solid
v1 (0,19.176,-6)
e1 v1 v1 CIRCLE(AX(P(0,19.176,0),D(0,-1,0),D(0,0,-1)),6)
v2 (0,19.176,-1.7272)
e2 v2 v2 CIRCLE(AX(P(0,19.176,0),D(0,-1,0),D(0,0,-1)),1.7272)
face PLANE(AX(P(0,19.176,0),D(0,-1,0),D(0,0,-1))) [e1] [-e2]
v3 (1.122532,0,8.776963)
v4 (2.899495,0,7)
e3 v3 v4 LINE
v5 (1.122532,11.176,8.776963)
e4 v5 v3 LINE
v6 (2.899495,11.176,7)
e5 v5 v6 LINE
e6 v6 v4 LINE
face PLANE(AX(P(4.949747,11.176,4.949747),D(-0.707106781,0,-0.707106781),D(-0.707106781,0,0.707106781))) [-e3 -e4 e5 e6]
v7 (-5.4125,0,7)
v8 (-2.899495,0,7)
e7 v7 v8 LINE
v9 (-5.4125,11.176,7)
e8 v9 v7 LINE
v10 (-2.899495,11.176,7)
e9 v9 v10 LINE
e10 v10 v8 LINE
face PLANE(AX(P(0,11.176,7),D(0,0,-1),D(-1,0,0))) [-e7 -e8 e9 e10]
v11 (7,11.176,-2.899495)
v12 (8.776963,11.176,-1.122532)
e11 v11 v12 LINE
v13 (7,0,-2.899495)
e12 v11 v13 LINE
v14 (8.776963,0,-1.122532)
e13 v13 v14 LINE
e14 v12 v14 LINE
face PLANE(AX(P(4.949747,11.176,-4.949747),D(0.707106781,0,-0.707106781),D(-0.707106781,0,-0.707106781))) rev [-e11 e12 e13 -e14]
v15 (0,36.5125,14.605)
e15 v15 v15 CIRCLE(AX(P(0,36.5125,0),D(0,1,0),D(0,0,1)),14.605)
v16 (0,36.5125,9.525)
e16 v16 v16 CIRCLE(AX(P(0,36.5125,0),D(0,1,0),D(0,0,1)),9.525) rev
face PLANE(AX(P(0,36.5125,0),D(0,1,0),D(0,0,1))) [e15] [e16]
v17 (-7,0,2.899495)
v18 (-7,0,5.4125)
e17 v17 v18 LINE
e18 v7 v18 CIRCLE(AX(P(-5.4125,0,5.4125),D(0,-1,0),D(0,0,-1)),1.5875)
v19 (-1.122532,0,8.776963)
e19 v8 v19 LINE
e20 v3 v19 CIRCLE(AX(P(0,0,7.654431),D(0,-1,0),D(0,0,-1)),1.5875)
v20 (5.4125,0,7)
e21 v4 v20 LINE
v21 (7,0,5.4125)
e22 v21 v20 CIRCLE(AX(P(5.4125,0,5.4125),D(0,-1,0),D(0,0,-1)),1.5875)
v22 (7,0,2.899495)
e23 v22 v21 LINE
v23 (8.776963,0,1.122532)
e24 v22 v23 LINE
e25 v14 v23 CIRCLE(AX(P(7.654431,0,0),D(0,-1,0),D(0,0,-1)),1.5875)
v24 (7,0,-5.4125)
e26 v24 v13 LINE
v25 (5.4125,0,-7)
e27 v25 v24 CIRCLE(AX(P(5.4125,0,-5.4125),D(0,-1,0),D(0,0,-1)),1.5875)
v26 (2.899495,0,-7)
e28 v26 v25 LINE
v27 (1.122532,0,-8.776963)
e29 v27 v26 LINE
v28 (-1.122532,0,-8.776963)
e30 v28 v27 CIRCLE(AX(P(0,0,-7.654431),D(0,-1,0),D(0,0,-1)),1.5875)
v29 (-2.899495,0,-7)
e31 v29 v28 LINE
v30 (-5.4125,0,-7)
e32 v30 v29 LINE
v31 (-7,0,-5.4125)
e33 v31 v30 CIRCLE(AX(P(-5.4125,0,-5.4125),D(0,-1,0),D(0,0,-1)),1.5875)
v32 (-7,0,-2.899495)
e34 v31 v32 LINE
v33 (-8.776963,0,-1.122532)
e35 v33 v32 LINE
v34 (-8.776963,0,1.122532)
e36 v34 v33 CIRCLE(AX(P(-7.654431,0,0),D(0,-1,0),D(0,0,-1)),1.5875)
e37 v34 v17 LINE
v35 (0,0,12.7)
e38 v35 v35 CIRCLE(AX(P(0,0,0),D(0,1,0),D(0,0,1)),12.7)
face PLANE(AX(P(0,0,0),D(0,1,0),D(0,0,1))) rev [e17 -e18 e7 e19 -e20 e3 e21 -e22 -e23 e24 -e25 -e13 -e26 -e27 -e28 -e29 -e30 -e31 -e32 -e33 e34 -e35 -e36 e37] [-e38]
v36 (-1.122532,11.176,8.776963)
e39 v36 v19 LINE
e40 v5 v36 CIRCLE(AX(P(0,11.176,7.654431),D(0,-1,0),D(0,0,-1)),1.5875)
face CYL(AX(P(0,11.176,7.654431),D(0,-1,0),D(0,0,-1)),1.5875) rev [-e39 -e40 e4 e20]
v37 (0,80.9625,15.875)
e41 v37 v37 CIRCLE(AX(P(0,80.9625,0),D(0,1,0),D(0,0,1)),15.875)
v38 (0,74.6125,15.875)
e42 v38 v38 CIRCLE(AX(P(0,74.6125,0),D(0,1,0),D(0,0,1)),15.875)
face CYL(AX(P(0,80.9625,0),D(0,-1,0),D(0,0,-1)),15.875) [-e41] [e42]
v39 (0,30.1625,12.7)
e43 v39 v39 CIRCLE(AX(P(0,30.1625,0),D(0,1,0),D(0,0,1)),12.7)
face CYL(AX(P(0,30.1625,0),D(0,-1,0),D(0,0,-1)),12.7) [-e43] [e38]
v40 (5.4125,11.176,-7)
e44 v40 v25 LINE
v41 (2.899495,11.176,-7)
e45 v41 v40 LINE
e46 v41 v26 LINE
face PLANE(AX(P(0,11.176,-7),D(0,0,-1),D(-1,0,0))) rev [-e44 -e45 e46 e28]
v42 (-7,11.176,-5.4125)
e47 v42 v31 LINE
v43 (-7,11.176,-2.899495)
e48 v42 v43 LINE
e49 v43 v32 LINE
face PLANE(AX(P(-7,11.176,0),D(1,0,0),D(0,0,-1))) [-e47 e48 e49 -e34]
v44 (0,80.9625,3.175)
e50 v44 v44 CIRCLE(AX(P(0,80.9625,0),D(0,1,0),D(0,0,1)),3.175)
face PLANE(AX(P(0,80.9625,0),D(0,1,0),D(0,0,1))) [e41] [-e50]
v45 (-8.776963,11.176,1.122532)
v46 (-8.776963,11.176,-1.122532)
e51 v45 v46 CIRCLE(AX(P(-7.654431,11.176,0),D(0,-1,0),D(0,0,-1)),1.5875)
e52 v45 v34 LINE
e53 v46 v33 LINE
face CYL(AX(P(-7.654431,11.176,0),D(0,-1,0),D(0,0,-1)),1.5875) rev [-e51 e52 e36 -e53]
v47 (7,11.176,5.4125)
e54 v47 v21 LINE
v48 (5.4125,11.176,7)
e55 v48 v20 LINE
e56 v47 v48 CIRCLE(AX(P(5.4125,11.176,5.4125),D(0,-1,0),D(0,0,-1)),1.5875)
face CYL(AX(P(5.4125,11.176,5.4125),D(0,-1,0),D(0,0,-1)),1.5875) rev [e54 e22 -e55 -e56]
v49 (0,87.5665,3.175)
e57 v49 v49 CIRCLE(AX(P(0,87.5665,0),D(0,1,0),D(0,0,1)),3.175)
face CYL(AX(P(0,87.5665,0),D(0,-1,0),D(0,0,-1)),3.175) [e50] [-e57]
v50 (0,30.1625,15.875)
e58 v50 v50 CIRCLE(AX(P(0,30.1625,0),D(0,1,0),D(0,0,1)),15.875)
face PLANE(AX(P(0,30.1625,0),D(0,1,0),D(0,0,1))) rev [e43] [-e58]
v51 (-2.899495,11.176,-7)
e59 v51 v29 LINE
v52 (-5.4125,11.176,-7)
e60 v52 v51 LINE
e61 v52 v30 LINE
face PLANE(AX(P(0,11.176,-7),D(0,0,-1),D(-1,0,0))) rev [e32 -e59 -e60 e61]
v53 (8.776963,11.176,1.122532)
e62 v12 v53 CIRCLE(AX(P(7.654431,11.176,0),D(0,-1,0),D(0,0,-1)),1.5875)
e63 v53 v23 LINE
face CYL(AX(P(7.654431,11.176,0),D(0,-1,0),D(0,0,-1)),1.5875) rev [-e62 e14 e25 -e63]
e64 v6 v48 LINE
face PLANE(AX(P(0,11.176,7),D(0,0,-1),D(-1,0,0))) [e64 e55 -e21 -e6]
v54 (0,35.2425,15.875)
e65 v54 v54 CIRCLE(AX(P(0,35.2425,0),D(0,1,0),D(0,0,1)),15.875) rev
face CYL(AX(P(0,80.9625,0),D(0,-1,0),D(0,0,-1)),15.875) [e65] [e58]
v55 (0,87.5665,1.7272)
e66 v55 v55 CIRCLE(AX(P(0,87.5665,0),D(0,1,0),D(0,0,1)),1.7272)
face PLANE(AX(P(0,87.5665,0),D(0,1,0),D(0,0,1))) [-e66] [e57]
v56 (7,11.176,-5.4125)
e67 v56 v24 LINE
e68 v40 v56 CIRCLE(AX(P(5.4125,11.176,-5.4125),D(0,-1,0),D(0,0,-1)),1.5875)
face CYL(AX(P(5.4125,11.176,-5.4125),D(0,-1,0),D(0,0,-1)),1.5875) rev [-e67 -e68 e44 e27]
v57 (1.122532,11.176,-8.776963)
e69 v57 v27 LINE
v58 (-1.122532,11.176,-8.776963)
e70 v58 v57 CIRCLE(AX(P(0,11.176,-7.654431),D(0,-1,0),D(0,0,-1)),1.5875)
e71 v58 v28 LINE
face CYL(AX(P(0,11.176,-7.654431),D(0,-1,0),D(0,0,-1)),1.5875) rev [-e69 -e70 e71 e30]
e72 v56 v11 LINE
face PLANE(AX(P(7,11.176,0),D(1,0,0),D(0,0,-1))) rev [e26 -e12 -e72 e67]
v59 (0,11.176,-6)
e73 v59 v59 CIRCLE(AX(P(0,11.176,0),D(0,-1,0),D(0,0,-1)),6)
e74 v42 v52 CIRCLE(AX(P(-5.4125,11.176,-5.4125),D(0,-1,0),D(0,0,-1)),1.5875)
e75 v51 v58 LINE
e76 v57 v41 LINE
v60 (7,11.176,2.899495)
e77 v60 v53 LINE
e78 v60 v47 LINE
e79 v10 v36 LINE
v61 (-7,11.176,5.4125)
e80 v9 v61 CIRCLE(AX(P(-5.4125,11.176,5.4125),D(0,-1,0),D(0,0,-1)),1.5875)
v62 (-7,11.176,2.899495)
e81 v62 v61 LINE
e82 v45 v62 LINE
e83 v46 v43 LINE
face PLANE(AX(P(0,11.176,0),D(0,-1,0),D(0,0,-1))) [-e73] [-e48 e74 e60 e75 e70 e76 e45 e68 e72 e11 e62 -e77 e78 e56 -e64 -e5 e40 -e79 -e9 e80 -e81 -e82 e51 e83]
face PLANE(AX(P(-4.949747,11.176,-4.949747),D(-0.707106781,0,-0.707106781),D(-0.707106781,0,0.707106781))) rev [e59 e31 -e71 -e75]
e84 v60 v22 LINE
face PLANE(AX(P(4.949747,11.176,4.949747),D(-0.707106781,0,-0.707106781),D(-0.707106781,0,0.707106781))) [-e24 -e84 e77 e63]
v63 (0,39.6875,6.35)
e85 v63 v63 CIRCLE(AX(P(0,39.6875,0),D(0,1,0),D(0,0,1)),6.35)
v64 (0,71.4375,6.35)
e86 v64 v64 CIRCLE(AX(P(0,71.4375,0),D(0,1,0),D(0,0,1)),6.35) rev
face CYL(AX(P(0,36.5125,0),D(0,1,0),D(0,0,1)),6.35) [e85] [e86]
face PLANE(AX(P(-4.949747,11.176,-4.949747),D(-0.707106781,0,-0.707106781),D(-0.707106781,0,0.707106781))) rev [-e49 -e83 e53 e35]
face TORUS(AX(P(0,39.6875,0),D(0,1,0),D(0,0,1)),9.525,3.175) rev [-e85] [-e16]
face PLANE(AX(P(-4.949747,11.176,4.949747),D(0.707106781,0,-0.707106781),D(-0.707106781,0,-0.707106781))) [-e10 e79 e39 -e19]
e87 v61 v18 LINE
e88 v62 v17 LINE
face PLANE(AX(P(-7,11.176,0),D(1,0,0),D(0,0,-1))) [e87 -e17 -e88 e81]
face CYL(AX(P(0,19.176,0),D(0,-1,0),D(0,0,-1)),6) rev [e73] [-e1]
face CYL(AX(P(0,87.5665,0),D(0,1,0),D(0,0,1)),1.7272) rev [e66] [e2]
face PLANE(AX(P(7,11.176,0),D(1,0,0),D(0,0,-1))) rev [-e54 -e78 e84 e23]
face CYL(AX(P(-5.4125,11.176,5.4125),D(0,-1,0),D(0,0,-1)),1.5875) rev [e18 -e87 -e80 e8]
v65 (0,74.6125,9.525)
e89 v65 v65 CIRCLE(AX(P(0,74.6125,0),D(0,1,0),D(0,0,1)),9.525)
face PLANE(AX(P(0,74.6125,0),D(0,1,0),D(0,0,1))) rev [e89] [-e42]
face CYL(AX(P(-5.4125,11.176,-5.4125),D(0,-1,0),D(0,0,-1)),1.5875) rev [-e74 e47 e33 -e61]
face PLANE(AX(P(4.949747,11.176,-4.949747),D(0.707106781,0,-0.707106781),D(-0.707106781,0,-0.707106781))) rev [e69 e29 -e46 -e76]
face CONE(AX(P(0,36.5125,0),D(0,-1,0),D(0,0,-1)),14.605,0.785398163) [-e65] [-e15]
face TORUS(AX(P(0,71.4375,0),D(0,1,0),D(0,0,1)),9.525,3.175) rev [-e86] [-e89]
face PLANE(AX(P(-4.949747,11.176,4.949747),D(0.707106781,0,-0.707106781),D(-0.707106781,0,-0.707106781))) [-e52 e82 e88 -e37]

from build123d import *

# Parameters (mm, degrees)
SKETCH1_R             = 12.7
BOSS_EXTRUDE1_DEPTH   = 30.1625
SKETCH4_R             = 15.875
BOSS_EXTRUDE2_DEPTH   = 50.8
CUT_EXTRUDE1_DEPTH    = 11.176
SKETCH3_R             = 6
CUT_EXTRUDE2_DEPTH    = 8
SKETCH5_R             = 3.175
BOSS_EXTRUDE3_DEPTH   = 6.604
F_8_32_TAPPED_HOLE1_D = 3.4544
CUT_EXTRUDE3_START    = -6.35
SKETCH9_R             = 15.875
SKETCH9_R_2           = 6.35
CUT_EXTRUDE3_DEPTH    = 38.1
FILLET1_R             = 3.175
CHAMFER1_SIZE         = 1.27


with BuildPart() as part:
    # Sketch1 → Boss-Extrude1 (new body)
    with BuildSketch(Plane(origin=(0, 0, 0), x_dir=(1, 0, 0), z_dir=(0, 1, 0))):
        Circle(SKETCH1_R)
    extrude(amount=BOSS_EXTRUDE1_DEPTH)

    # Sketch4 → Boss-Extrude2 (add)
    with BuildSketch(Plane(origin=(0, 30.1625, 0), x_dir=(1, 0, 0), z_dir=(0, 1, 0))):
        Circle(SKETCH4_R)
    extrude(amount=BOSS_EXTRUDE2_DEPTH)

    # Sketch2 → Cut-Extrude1 (cut)
    with BuildSketch(Plane.XZ):
        with BuildLine():
            Line((-7, 2.899494937), (-8.776962921, 1.122532015))
            ThreePointArc((-8.776962921, 1.122532015), (-9.241930906, 0), (-8.776962921, -1.122532015))
            Line((-8.776962921, -1.122532015), (-7, -2.899494937))
            Line((-7, -2.899494937), (-7, 2.899494937))
        make_face()
        Polygon((-2.899494937, 7), (-7, 2.899494937), (-7, -2.899494937), (-2.899494937, -7), (2.899494937, -7), (7, -2.899494937), (7, 2.899494937), (2.899494937, 7), align=None)
        with BuildLine():
            Line((-7, 5.4125), (-7, 2.899494937))
            Line((-7, 2.899494937), (-2.899494937, 7))
            Line((-2.899494937, 7), (-5.4125, 7))
            ThreePointArc((-5.4125, 7), (-6.535032015, 6.535032015), (-7, 5.4125))
        make_face()
        with BuildLine():
            Line((-1.122532015, 8.776962921), (-2.899494937, 7))
            Line((-2.899494937, 7), (2.899494937, 7))
            Line((2.899494937, 7), (1.122532015, 8.776962921))
            ThreePointArc((1.122532015, 8.776962921), (0, 9.241930906), (-1.122532015, 8.776962921))
        make_face()
        with BuildLine():
            Line((5.4125, 7), (2.899494937, 7))
            Line((2.899494937, 7), (7, 2.899494937))
            Line((7, 2.899494937), (7, 5.4125))
            ThreePointArc((7, 5.4125), (6.535032015, 6.535032015), (5.4125, 7))
        make_face()
        with BuildLine():
            Line((8.776962921, 1.122532015), (7, 2.899494937))
            Line((7, 2.899494937), (7, -2.899494937))
            Line((7, -2.899494937), (8.776962921, -1.122532015))
            ThreePointArc((8.776962921, -1.122532015), (9.241930906, 0), (8.776962921, 1.122532015))
        make_face()
        with BuildLine():
            Line((7, -2.899494937), (2.899494937, -7))
            Line((2.899494937, -7), (5.4125, -7))
            ThreePointArc((5.4125, -7), (6.535032015, -6.535032015), (7, -5.4125))
            Line((7, -5.4125), (7, -2.899494937))
        make_face()
        with BuildLine():
            Line((2.899494937, -7), (-2.899494937, -7))
            Line((-2.899494937, -7), (-1.122532015, -8.776962921))
            ThreePointArc((-1.122532015, -8.776962921), (0, -9.241930906), (1.122532015, -8.776962921))
            Line((1.122532015, -8.776962921), (2.899494937, -7))
        make_face()
        with BuildLine():
            Line((-2.899494937, -7), (-7, -2.899494937))
            Line((-7, -2.899494937), (-7, -5.4125))
            ThreePointArc((-7, -5.4125), (-6.535032015, -6.535032015), (-5.4125, -7))
            Line((-5.4125, -7), (-2.899494937, -7))
        make_face()
    extrude(amount=-CUT_EXTRUDE1_DEPTH, mode=Mode.SUBTRACT)

    # Sketch3 → Cut-Extrude2 (cut)
    with BuildSketch(Plane.XZ.offset(-11.176)):
        Circle(SKETCH3_R)
    extrude(amount=-CUT_EXTRUDE2_DEPTH, mode=Mode.SUBTRACT)

    # Sketch5 → Boss-Extrude3 (add)
    with BuildSketch(Plane(origin=(0, 80.9625, 0), x_dir=(1, 0, 0), z_dir=(0, 1, 0))):
        Circle(SKETCH5_R)
    extrude(amount=BOSS_EXTRUDE3_DEPTH)

    # #8-32 Tapped Hole1 (through all)
    with Locations(Plane(origin=(0, 87.5665, 0), x_dir=(1, 0, 0), z_dir=(0, 1, 0))):
        with Locations((0, 0)):
            Hole(F_8_32_TAPPED_HOLE1_D / 2)

    # Sketch9 → Cut-Extrude3 (cut)
    with BuildSketch(Plane(origin=(0, 80.9625, 0), x_dir=(1, 0, 0), z_dir=(0, 1, 0)).offset(CUT_EXTRUDE3_START)):
        Circle(SKETCH9_R)
        Circle(SKETCH9_R_2, mode=Mode.SUBTRACT)
    extrude(amount=-CUT_EXTRUDE3_DEPTH, mode=Mode.SUBTRACT)

    # Fillet1
    fillet1_edges = [part.edges().sort_by_distance(p)[0] for p in [
        (-6.35, 36.5125, 0),
        (-6.35, 74.6125, 0),
    ]]
    fillet(fillet1_edges, radius=FILLET1_R)

    # Chamfer1
    chamfer1_edges = [part.edges().sort_by_distance(p)[0] for p in [
        (-15.875, 36.5125, 0),
    ]]
    chamfer(chamfer1_edges, length=CHAMFER1_SIZE)


solid = part.part
